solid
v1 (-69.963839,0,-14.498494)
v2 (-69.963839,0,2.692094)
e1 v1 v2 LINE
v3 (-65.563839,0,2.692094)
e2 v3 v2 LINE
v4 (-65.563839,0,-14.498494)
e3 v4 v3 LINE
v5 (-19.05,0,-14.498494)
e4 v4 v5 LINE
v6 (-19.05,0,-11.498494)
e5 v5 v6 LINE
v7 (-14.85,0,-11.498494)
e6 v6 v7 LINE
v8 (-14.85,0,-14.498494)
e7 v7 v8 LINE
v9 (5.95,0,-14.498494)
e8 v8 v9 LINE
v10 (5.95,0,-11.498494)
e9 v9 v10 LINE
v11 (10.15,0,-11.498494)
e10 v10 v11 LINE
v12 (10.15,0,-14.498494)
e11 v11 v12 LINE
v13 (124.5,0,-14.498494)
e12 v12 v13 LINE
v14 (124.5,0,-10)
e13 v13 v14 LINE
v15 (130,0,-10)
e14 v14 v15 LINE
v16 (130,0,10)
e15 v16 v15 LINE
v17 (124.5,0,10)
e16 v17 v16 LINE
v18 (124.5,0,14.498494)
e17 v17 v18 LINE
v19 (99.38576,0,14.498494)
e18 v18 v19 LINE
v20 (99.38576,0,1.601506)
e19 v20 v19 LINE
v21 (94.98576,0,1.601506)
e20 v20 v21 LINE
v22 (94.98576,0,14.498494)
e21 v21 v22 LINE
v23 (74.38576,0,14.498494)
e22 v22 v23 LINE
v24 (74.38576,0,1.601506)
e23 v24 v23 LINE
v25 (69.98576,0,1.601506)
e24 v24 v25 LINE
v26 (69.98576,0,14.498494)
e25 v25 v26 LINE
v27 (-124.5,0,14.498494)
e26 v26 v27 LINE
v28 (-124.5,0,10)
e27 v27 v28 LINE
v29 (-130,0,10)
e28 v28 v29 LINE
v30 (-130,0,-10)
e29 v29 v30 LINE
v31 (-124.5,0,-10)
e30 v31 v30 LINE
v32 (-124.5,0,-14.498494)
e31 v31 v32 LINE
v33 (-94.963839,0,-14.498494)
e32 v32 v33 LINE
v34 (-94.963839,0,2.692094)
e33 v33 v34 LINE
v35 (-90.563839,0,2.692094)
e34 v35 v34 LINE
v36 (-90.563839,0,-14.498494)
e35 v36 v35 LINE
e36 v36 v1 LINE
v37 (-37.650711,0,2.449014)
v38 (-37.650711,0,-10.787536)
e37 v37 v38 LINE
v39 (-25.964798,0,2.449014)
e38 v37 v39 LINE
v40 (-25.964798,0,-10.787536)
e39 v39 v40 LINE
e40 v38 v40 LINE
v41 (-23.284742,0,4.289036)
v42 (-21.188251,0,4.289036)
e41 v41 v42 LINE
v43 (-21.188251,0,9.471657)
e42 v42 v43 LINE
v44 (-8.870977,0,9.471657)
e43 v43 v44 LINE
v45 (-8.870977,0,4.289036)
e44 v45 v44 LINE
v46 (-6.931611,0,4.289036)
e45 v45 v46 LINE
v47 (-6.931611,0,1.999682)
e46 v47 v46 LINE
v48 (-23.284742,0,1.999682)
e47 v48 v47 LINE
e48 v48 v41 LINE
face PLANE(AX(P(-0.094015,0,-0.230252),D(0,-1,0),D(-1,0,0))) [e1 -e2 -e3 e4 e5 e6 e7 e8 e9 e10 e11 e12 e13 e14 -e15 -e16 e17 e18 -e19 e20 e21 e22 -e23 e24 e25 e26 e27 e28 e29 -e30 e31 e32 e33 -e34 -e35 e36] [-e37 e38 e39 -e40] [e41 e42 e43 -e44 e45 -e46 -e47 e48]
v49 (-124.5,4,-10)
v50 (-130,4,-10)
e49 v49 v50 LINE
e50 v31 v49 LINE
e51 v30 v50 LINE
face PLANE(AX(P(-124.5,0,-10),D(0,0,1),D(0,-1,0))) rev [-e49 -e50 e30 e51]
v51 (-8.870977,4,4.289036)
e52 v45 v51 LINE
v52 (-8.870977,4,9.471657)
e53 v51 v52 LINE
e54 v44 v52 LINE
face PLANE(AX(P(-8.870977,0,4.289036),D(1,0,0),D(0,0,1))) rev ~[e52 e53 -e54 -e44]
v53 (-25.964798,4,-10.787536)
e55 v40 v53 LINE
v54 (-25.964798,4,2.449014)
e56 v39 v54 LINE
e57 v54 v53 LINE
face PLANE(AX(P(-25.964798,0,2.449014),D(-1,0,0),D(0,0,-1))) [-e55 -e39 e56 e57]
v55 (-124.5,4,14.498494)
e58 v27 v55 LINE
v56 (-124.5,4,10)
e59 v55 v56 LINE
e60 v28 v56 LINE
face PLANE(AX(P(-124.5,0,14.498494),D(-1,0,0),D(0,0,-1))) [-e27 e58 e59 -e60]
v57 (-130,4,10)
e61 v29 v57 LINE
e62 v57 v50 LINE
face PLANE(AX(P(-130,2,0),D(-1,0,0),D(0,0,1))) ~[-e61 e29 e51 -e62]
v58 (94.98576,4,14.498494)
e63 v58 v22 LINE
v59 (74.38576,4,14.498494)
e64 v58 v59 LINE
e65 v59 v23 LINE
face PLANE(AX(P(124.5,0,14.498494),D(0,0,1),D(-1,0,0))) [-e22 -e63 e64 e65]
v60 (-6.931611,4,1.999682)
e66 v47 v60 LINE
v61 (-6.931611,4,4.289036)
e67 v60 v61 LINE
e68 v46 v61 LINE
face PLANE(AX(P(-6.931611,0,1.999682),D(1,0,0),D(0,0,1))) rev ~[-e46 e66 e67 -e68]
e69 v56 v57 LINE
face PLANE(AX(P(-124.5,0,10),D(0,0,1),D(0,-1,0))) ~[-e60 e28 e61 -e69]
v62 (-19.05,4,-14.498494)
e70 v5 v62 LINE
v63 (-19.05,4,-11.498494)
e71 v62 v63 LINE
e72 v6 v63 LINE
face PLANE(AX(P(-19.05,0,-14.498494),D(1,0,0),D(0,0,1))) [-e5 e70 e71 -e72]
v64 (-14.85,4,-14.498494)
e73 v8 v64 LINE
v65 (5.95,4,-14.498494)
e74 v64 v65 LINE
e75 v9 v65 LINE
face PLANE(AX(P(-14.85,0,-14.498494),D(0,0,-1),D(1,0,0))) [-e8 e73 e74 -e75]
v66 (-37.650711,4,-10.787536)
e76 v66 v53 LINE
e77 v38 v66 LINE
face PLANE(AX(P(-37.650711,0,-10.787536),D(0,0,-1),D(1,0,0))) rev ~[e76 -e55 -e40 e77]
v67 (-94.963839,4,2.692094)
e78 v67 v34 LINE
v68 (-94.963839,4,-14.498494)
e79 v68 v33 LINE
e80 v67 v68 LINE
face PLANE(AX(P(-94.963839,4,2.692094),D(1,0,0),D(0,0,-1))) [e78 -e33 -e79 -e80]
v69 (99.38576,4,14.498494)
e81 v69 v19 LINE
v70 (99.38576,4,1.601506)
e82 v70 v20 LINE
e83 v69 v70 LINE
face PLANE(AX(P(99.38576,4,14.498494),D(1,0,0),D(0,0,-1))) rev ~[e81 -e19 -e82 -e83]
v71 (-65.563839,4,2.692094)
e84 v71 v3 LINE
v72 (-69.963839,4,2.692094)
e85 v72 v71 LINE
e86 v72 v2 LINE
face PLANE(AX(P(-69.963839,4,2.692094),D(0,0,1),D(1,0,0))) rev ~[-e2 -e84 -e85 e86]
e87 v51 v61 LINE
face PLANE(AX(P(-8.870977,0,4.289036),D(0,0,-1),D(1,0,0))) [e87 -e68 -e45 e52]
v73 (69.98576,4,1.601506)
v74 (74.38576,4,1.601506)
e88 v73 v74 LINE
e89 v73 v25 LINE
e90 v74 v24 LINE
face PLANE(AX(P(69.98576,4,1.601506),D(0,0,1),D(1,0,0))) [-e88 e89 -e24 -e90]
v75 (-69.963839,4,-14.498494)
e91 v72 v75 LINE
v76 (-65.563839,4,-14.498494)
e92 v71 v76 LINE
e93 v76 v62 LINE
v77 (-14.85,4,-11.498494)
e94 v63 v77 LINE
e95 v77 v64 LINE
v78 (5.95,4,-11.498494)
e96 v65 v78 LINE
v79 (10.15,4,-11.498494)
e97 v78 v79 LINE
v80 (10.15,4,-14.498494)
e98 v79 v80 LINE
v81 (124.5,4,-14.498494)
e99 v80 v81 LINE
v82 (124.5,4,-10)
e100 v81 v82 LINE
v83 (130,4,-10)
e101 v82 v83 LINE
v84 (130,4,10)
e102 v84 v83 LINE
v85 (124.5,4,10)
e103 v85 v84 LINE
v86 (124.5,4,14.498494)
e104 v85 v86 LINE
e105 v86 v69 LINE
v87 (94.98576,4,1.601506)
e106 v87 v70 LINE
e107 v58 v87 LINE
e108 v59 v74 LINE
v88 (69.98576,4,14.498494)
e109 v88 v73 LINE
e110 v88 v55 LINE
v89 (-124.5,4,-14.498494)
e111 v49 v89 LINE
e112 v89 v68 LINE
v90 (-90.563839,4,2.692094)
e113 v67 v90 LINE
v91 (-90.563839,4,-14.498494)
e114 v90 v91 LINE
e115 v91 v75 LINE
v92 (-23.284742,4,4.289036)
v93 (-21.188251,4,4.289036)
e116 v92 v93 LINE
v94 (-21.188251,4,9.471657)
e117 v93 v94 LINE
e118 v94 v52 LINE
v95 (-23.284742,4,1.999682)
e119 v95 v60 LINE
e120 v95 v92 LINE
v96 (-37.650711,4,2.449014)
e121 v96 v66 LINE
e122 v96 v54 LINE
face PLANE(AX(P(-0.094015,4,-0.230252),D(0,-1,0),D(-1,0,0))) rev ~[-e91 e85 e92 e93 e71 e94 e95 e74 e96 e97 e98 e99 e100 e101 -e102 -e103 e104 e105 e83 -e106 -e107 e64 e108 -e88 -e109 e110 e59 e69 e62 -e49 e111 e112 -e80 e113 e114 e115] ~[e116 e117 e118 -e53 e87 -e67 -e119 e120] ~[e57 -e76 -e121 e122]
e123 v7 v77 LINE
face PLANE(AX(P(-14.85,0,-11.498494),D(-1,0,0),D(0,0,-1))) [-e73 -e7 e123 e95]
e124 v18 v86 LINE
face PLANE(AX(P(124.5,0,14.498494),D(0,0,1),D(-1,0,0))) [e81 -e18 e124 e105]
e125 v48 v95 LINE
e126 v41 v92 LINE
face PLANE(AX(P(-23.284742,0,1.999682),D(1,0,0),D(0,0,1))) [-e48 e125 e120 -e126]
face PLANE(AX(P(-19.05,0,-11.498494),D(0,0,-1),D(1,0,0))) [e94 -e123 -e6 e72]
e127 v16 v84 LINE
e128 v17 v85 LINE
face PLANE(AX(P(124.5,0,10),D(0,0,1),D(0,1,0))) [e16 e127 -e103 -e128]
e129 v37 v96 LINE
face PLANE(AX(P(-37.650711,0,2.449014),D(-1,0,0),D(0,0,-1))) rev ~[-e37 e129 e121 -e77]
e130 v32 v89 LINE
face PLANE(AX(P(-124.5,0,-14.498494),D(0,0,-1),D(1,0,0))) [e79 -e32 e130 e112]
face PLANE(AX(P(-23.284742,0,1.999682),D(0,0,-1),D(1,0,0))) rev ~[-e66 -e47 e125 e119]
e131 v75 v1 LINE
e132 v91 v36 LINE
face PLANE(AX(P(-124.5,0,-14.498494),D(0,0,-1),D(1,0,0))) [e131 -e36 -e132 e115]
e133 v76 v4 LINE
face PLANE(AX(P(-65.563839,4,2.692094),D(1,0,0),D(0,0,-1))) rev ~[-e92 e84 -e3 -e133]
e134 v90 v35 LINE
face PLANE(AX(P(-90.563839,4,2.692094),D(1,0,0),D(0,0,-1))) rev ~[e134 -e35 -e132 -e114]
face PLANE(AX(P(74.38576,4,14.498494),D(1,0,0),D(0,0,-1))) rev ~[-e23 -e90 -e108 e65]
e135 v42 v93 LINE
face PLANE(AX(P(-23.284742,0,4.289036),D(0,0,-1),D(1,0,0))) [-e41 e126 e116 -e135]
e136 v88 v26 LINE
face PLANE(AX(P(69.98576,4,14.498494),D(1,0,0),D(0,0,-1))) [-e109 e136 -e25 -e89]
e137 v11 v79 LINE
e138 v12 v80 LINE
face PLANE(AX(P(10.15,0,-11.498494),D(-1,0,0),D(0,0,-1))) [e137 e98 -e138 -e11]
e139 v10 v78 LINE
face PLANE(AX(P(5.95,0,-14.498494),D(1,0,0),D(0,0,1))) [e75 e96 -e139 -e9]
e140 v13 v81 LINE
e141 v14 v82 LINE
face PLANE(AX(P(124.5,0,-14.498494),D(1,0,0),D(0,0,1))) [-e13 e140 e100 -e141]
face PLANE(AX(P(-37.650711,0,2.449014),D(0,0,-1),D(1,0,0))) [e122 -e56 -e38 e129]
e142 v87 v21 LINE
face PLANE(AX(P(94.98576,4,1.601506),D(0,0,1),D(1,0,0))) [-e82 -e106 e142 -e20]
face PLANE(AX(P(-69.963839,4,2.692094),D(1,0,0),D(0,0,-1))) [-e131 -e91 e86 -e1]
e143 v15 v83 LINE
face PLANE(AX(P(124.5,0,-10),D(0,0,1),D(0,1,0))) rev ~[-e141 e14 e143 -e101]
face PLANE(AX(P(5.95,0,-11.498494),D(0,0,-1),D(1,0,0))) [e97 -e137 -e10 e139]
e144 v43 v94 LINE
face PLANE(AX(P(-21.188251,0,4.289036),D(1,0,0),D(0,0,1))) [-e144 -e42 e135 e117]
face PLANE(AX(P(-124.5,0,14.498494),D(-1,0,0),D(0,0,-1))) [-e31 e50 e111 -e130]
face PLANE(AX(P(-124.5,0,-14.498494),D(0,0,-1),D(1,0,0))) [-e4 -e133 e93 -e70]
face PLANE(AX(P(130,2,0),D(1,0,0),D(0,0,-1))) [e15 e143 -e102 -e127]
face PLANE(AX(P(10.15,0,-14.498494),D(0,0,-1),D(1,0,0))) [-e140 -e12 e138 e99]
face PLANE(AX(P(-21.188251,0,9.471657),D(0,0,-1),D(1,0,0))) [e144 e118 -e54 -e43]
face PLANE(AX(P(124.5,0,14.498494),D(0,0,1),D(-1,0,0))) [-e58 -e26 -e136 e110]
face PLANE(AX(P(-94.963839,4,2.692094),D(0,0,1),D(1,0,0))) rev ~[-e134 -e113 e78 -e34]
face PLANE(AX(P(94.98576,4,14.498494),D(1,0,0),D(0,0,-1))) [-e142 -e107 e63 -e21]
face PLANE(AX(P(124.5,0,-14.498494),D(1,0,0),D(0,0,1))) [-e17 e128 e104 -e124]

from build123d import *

# Parameters (mm, degrees)
EXTRUDE_1_DEPTH    = 4
SKETCH_2_W         = 20
SKETCH_2_H         = 4
EXTRUDE_2_DEPTH    = 5.5
SKETCH1_W          = 4.4
SKETCH1_H          = 17.190587951
CUT_EXTRUDE1_DEPTH = 10
LPATTERN1_COUNT    = 2
LPATTERN1_PITCH    = 25
SKETCH3_W          = 11.685912807
SKETCH3_H          = 13.236550351
CUT_EXTRUDE3_DEPTH = 10
SKETCH2_W          = 16.35313114
SKETCH2_H          = 2.289354212
SKETCH2_W_2        = 12.3172739
SKETCH2_H_2        = 5.182620656
CUT_EXTRUDE4_DEPTH = 10
SKETCH4_W          = 4.4
SKETCH4_H          = 12.896988848
CUT_EXTRUDE5_DEPTH = 10
LPATTERN2_COUNT    = 2
LPATTERN2_PITCH    = 25


with BuildPart() as part:
    # Эскиз1 → Бобышка-Вытянуть1 (new body)
    with BuildSketch(Plane(origin=(0, 0, 0), x_dir=(1, 0, 0), z_dir=(0, 1, 0))):
        Polygon((-14.85, 14.498494424), (5.95, 14.498494424), (5.95, 11.498494424), (10.15, 11.498494424), (10.15, 14.498494424), (124.5, 14.498494424), (124.5, -14.498494424), (-124.5, -14.498494424), (-124.5, 14.498494424), (-19.05, 14.498494424), (-19.05, 11.498494424), (-14.85, 11.498494424), align=None)
    extrude(amount=EXTRUDE_1_DEPTH)

    # Эскиз2 → Бобышка-Вытянуть2 (add)
    with BuildSketch(Plane(origin=(124.5, 0, 0), x_dir=(0, 0, -1), z_dir=(1, 0, 0))):
        with Locations((0, 2)):
            Rectangle(SKETCH_2_W, SKETCH_2_H)
    extrude_2 = extrude(amount=EXTRUDE_2_DEPTH)

    # Mirror1: Бобышка-Вытянуть2 across plane
    add(extrude_2.mirror(Plane(origin=(0, 0, 0), x_dir=(0, 0, 1), z_dir=(1, 0, 0))))

    # Sketch1 → Cut-Extrude1 (cut)
    with BuildSketch(Plane(origin=(0, 4, 0), x_dir=(1, 0, 0), z_dir=(0, 1, 0))):
        with Locations((-67.763838692, 5.903200448)):
            Rectangle(SKETCH1_W, SKETCH1_H)
    cut_extrude1 = extrude(amount=-CUT_EXTRUDE1_DEPTH, mode=Mode.SUBTRACT)

    # LPattern1: Cut-Extrude1 ×2
    with Locations(*[(-i * LPATTERN1_PITCH, 0, 0) for i in range(1, LPATTERN1_COUNT)]):
        add(cut_extrude1, mode=Mode.SUBTRACT)

    # Sketch3 → Cut-Extrude3 (cut)
    with BuildSketch(Plane(origin=(0, 0, 0), x_dir=(1, 0, 0), z_dir=(0, 1, 0))):
        with Locations((-31.80775481, 4.169260767)):
            Rectangle(SKETCH3_W, SKETCH3_H)
    extrude(amount=CUT_EXTRUDE3_DEPTH, mode=Mode.SUBTRACT)

    # Sketch2 → Cut-Extrude4 (cut)
    with BuildSketch(Plane.XZ):
        with Locations((-15.10817653, 3.144359058)):
            Rectangle(SKETCH2_W, SKETCH2_H)
        with Locations((-15.029613665, 6.880346492)):
            Rectangle(SKETCH2_W_2, SKETCH2_H_2)
    extrude(amount=-CUT_EXTRUDE4_DEPTH, mode=Mode.SUBTRACT)

    # Sketch4 → Cut-Extrude5 (cut)
    with BuildSketch(Plane(origin=(0, 4, 0), x_dir=(1, 0, 0), z_dir=(0, 1, 0))):
        with Locations((72.185759894, -8.05)):
            Rectangle(SKETCH4_W, SKETCH4_H)
    cut_extrude5 = extrude(amount=-CUT_EXTRUDE5_DEPTH, mode=Mode.SUBTRACT)

    # LPattern2: Cut-Extrude5 ×2
    with Locations(*[(i * LPATTERN2_PITCH, 0, 0) for i in range(1, LPATTERN2_COUNT)]):
        add(cut_extrude5, mode=Mode.SUBTRACT)


solid = part.part
